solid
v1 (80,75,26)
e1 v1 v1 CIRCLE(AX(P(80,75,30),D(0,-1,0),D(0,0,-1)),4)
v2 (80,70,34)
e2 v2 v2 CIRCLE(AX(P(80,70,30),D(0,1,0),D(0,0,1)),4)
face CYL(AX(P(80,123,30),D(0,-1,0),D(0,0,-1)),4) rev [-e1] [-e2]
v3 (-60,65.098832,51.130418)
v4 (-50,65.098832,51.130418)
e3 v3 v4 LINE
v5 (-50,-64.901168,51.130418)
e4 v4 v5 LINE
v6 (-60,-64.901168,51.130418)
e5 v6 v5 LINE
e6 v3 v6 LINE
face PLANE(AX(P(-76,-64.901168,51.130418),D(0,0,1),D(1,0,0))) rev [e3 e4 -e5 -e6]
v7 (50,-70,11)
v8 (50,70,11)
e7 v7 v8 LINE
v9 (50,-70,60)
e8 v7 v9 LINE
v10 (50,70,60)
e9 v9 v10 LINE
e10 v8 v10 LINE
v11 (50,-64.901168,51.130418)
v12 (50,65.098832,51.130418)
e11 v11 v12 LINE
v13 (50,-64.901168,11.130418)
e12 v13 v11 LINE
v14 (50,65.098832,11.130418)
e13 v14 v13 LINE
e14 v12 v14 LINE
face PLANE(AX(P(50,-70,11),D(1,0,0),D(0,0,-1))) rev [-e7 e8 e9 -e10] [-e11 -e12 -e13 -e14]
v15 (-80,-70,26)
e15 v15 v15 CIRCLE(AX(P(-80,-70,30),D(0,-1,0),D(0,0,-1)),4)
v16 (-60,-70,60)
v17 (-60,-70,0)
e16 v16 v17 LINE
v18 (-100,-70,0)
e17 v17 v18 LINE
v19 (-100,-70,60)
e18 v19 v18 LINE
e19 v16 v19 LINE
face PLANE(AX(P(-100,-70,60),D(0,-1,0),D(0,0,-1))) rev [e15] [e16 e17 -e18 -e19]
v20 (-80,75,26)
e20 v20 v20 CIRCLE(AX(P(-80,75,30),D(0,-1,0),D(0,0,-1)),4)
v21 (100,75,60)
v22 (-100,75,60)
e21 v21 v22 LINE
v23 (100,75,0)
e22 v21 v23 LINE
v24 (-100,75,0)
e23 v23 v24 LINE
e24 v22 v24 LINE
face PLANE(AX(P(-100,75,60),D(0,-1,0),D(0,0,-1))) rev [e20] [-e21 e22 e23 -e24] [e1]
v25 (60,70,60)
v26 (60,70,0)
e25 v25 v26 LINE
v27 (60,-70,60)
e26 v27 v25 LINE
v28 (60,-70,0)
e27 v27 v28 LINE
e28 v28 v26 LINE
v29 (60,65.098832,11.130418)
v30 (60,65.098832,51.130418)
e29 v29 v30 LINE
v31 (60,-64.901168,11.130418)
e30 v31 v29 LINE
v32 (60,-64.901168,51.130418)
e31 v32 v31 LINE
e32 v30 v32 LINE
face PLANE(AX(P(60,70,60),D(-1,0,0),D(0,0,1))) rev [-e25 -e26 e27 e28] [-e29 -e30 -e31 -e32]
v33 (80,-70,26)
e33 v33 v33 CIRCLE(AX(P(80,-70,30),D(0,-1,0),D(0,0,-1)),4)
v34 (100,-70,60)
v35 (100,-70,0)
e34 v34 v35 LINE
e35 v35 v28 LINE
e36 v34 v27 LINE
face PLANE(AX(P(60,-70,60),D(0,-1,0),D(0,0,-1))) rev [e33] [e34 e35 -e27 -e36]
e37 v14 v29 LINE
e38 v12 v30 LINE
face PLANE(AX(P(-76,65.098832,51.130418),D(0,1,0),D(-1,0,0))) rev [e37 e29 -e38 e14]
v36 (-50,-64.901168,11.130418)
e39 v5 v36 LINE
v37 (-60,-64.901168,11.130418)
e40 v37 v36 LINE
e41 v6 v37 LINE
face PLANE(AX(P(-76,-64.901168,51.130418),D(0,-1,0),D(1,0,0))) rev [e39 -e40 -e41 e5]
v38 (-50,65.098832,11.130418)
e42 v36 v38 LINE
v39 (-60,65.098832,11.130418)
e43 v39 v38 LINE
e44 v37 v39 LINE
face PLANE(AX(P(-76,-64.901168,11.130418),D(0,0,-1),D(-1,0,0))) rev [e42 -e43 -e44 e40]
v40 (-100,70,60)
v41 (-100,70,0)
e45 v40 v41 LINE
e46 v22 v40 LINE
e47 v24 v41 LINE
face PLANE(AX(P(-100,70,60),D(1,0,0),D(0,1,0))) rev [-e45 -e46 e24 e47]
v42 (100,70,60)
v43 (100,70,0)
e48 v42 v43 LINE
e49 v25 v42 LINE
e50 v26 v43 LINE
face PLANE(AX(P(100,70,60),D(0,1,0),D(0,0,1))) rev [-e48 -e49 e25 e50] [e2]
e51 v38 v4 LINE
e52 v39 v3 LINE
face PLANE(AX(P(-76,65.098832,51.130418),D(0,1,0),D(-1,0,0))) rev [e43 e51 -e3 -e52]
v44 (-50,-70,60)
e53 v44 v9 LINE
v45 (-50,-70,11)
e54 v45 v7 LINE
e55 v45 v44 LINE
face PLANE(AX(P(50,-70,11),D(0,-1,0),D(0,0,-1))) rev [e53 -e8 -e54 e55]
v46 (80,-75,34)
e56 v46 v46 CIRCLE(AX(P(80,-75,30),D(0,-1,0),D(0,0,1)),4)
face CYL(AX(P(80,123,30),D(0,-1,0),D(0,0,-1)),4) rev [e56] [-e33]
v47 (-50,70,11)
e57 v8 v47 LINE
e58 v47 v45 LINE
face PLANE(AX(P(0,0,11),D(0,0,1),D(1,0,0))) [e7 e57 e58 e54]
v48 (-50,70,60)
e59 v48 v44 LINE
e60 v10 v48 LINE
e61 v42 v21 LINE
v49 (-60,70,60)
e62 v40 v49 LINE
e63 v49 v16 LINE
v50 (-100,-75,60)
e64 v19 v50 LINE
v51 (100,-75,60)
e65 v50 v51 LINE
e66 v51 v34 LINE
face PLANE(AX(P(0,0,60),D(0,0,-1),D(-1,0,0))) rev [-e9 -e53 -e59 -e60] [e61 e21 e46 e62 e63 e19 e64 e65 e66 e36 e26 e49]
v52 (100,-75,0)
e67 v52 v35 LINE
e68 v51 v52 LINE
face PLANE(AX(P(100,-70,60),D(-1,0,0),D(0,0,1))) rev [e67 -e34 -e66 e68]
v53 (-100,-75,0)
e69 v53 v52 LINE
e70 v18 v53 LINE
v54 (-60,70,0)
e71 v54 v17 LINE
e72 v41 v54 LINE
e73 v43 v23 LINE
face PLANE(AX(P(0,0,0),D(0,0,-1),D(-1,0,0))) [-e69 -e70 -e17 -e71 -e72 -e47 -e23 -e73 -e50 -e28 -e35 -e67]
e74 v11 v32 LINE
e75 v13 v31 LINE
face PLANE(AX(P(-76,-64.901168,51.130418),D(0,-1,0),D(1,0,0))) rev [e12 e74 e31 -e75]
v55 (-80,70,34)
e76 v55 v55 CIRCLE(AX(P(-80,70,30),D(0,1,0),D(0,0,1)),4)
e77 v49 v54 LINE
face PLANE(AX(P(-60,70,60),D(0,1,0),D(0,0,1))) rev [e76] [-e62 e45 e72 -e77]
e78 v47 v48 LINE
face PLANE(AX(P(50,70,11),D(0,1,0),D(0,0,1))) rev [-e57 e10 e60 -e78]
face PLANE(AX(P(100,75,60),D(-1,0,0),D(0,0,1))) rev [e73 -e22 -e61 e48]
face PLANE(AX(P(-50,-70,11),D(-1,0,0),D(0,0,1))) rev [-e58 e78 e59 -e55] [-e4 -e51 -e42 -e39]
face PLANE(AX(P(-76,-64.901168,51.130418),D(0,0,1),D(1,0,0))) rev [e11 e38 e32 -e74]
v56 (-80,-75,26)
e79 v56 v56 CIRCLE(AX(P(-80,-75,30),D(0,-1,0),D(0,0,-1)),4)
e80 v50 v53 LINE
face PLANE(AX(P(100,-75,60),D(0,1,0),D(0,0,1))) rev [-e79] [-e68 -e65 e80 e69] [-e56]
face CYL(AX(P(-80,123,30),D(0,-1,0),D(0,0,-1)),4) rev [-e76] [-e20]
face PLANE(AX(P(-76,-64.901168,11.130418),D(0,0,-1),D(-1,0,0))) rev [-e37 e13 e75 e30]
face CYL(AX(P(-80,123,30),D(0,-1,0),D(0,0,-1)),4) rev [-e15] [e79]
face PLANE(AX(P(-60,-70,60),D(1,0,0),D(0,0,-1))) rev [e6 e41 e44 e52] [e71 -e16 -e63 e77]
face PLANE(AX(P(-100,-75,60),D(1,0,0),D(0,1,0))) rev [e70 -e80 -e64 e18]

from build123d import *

# Parameters (mm, degrees)
EXTRUDE_1_DEPTH     = 60
SKETCH_2_W          = 40
SKETCH_2_H          = 130
CUT_EXTRUDE_1_DEPTH = 136
SKETCH_3_W          = 100
SKETCH_3_H          = 140
CUT_EXTRUDE_2_DEPTH = 49
SKETCH_4_R          = 4
CUT_EXTRUDE_3_DEPTH = 198


with BuildPart() as part:
    # 草图1 → 凸台-拉伸1 (new body)
    with BuildSketch(Plane.XY):
        Polygon((-100, 75), (100, 75), (100, 70), (60, 70), (60, -70), (100, -70), (100, -75), (-100, -75), (-100, -70), (-60, -70), (-60, 70), (-100, 70), align=None)
    extrude(amount=EXTRUDE_1_DEPTH)

    # 草图2 → 切除-拉伸1 (cut)
    with BuildSketch(Plane(origin=(60, 0, 0), x_dir=(0, 0, -1), z_dir=(1, 0, 0))):
        with Locations((-31.130418395, 0.098831956)):
            Rectangle(SKETCH_2_W, SKETCH_2_H)
    extrude(amount=-CUT_EXTRUDE_1_DEPTH, mode=Mode.SUBTRACT)

    # 草图3 → 切除-拉伸2 (cut)
    with BuildSketch(Plane.XY.offset(60)):
        Rectangle(SKETCH_3_W, SKETCH_3_H)
    extrude(amount=-CUT_EXTRUDE_2_DEPTH, mode=Mode.SUBTRACT)

    # 草图4 → 切除-拉伸3 (cut)
    with BuildSketch(Plane.XZ.offset(75)):
        with Locations(Location((-80, 30, 0), (0, 0, 270))):
            Circle(SKETCH_4_R)
        with Locations(Location((80, 30, 0), (0, 0, 270))):
            Circle(SKETCH_4_R)
    extrude(amount=-CUT_EXTRUDE_3_DEPTH, mode=Mode.SUBTRACT)


solid = part.part
